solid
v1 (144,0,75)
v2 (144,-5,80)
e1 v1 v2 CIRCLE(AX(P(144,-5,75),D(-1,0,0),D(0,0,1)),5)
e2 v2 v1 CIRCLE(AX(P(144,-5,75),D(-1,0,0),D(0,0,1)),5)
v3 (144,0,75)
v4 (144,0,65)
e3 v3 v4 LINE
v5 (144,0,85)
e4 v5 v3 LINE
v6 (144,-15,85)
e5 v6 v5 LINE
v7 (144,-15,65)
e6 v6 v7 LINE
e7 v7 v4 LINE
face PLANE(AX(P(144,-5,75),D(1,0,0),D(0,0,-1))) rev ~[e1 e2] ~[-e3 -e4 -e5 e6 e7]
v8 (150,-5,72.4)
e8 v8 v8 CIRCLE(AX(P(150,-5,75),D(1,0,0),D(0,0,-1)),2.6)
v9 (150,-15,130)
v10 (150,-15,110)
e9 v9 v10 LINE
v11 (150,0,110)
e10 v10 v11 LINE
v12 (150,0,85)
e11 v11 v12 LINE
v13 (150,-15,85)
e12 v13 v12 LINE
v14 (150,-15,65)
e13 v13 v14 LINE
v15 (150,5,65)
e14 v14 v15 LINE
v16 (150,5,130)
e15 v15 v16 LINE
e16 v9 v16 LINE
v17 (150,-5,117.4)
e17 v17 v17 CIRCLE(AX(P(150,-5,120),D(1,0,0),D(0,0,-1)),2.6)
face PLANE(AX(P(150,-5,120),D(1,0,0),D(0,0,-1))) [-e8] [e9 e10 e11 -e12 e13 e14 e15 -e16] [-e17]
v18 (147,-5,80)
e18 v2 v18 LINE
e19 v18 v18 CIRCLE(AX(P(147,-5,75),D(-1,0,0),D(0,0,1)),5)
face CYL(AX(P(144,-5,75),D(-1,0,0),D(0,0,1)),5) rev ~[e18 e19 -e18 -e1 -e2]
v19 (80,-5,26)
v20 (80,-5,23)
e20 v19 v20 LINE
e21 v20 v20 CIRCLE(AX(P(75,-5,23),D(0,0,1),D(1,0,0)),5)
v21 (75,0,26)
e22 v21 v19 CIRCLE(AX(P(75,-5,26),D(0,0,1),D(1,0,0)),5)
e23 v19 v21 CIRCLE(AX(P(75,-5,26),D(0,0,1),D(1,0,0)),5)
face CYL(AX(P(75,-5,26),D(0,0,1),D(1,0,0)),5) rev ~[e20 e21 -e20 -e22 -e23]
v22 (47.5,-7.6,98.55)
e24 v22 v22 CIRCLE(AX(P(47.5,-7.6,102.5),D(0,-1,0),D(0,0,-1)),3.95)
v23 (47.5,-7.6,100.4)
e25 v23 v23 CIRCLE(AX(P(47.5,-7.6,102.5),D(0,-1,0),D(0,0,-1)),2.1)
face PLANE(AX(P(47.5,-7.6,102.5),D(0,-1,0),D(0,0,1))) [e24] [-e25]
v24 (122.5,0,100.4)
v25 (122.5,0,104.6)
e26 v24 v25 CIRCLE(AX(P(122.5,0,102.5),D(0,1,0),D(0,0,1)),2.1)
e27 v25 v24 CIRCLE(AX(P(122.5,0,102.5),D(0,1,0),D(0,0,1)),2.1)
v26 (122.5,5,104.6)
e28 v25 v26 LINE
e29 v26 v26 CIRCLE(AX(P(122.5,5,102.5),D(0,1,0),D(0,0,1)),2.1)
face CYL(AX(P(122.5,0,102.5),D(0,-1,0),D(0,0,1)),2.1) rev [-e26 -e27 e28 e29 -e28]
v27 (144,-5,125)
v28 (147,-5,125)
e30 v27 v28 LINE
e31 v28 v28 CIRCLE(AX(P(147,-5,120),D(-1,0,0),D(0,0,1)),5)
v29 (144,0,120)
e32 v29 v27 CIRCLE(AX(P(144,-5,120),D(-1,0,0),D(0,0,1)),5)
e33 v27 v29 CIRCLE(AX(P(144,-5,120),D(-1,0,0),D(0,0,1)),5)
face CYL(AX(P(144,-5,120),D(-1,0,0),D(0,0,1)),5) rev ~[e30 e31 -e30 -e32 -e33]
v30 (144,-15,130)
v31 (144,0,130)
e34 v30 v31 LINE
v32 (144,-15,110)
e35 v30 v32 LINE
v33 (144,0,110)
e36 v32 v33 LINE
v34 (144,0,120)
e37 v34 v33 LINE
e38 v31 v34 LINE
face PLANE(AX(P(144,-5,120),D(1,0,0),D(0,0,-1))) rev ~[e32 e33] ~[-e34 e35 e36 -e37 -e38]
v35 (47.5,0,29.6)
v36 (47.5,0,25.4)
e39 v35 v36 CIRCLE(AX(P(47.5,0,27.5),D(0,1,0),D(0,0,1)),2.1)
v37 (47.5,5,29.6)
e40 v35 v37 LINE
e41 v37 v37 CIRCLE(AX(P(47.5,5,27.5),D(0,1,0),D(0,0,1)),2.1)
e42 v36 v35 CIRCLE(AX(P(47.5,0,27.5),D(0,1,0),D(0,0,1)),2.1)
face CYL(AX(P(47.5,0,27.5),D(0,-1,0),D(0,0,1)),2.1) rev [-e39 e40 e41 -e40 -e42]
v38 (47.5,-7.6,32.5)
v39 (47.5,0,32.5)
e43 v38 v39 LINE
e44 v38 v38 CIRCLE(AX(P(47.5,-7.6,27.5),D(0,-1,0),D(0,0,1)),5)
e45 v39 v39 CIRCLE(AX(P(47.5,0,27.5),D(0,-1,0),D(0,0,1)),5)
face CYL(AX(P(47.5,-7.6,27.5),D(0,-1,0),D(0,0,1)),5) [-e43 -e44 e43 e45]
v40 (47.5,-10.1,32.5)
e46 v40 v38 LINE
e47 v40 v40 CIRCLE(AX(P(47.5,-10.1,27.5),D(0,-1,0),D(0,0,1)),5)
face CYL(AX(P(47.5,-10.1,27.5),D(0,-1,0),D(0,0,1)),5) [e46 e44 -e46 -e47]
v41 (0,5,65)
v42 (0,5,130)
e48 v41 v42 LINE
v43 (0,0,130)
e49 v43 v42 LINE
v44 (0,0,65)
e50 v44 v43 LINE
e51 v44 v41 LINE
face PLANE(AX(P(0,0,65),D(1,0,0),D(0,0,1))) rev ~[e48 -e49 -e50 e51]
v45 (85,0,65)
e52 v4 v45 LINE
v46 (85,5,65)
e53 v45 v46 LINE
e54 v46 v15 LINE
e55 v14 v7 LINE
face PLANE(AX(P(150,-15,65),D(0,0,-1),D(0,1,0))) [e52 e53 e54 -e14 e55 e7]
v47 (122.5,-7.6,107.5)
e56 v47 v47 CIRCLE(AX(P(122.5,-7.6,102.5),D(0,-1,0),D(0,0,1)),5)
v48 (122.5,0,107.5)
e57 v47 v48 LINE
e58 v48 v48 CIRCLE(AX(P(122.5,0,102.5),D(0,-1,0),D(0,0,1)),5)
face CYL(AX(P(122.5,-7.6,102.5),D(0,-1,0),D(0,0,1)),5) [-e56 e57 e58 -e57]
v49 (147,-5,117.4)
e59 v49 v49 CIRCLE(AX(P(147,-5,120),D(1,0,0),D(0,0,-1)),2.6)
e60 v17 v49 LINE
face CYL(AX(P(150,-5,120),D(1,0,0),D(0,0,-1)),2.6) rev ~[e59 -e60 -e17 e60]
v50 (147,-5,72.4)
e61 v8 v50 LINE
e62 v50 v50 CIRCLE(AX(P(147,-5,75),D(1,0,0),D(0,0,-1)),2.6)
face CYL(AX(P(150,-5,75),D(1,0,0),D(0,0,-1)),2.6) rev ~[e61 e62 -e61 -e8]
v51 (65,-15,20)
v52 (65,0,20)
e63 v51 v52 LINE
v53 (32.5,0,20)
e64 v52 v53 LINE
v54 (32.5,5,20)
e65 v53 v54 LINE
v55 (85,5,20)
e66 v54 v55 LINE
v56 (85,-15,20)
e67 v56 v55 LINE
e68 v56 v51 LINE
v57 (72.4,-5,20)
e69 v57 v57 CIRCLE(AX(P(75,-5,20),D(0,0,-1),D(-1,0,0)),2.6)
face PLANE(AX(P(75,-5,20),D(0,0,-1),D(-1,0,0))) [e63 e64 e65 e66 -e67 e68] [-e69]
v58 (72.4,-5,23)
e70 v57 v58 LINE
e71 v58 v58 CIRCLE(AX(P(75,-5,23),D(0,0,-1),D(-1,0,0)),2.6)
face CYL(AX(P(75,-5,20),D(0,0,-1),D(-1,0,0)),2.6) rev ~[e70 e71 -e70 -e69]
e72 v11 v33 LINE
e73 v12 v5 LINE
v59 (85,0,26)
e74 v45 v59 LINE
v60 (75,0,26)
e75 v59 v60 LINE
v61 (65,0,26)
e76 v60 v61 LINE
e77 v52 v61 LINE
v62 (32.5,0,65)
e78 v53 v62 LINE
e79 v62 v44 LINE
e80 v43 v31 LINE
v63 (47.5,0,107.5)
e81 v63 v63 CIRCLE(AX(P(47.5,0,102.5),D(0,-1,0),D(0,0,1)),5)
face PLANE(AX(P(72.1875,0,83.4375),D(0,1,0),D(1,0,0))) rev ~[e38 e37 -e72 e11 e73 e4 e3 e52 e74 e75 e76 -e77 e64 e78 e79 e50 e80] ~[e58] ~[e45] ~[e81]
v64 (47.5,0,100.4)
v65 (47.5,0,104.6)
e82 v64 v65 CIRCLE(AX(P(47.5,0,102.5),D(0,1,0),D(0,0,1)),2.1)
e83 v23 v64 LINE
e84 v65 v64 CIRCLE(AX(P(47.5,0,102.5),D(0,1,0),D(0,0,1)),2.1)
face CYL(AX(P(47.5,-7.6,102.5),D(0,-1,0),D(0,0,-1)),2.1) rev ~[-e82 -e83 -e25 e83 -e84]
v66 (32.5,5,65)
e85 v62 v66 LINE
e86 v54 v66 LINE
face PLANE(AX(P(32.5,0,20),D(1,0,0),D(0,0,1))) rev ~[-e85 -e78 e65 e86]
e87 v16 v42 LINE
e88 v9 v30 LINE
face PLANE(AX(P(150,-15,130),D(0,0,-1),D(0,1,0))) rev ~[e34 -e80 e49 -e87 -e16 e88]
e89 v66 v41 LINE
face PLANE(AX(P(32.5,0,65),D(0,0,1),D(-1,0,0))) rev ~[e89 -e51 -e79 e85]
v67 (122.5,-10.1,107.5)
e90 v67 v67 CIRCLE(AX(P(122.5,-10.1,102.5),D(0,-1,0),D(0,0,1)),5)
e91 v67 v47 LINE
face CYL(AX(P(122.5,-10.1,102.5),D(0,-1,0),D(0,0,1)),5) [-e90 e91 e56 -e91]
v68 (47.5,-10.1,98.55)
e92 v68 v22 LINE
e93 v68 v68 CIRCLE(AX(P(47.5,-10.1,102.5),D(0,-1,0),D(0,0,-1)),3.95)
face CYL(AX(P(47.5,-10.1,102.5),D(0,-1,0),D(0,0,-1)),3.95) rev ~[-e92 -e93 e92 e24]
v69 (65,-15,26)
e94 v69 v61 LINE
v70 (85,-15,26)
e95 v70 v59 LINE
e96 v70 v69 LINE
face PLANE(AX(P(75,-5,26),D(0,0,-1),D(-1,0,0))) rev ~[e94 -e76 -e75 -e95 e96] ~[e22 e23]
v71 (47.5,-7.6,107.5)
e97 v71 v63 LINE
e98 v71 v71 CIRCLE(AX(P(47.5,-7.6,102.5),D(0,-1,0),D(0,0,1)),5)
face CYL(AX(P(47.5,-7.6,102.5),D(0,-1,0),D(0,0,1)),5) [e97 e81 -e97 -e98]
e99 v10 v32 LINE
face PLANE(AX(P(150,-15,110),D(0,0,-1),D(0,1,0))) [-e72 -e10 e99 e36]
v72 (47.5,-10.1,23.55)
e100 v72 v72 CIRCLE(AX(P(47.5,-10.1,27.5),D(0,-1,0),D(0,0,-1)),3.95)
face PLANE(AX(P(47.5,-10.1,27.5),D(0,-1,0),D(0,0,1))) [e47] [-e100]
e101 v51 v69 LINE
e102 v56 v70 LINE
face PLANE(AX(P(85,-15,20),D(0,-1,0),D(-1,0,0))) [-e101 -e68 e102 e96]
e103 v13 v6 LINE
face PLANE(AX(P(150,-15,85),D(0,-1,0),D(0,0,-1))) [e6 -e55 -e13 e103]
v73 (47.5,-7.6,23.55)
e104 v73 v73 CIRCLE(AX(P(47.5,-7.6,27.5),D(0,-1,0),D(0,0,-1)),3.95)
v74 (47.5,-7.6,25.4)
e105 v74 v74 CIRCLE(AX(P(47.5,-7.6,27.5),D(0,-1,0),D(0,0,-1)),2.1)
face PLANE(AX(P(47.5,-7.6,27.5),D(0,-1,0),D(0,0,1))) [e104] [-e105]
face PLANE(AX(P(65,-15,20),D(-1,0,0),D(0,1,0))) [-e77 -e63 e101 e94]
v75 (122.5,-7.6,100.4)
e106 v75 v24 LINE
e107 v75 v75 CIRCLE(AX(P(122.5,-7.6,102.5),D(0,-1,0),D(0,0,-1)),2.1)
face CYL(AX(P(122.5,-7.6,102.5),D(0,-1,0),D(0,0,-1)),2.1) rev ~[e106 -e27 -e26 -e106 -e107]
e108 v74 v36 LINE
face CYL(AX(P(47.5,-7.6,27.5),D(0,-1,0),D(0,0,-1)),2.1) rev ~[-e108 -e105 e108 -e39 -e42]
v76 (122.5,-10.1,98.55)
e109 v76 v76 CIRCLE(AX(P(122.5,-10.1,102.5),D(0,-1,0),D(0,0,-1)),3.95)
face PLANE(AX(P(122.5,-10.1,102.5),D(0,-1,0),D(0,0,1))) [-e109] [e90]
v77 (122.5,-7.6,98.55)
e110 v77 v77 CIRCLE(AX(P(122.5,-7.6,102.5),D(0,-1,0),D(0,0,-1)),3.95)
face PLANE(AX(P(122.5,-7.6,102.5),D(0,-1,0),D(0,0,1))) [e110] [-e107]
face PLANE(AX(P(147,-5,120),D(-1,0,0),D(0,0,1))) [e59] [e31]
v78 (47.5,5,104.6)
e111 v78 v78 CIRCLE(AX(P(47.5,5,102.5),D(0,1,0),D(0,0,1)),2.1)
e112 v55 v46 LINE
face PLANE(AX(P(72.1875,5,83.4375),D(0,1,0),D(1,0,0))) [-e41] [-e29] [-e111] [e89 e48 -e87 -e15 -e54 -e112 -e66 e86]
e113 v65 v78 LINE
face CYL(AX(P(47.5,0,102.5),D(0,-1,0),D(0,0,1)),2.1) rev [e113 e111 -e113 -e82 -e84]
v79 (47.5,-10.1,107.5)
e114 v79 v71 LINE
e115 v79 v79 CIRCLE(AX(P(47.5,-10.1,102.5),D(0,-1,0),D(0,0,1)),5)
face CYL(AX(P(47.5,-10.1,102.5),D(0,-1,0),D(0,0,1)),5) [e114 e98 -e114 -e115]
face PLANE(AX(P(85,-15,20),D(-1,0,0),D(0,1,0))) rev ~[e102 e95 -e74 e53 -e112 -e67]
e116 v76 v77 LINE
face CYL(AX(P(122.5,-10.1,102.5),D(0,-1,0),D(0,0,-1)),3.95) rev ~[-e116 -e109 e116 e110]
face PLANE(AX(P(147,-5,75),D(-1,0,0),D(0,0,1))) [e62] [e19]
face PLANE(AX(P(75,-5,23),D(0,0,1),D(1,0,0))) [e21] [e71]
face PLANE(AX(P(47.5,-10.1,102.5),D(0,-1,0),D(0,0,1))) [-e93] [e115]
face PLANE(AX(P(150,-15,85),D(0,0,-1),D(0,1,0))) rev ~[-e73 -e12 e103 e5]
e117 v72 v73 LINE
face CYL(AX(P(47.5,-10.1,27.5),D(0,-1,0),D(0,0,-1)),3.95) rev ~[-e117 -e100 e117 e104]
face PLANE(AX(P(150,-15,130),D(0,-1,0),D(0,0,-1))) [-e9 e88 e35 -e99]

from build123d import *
from build123d.topology import SkipClean

# Parameters (mm, degrees)
SKETCH_1_R          = 2.1
EXTRUDE_1_DEPTH     = 5
SKETCH_2_W          = 20
SKETCH_2_H          = 20
SKETCH_2_R          = 2.6
EXTRUDE_2_DEPTH     = 6
SKETCH_3_R          = 5
CUT_EXTRUDE_1_DEPTH = 3
SKETCH_5_W          = 20
SKETCH_5_H          = 20
SKETCH_5_R          = 2.6
EXTRUDE_3_DEPTH     = 6
SKETCH_6_R          = 5
CUT_EXTRUDE_2_DEPTH = 3
SKETCH_7_W          = 20
SKETCH_7_H          = 20
SKETCH_7_R          = 2.6
EXTRUDE_4_DEPTH     = 6
SKETCH_8_R          = 5
CUT_EXTRUDE_3_DEPTH = 3
EXTRUDE_START       = 7.6
SKETCH_9_R          = 5
SKETCH_9_R_2        = 2.1
EXTRUDE_5_DEPTH     = 7.6
EXTRUDE_START_2     = 2.5
SKETCH_10_R         = 5
SKETCH_10_R_2       = 3.95
EXTRUDE_6_DEPTH     = 2.5


with BuildPart() as part:
    # 草图1 → 凸台-拉伸1 (new body)
    with BuildSketch(Plane(origin=(0, 0, 0), x_dir=(1, 0, 0), z_dir=(0, 1, 0))):
        Polygon((0, -65), (0, -130), (150, -130), (150, -65), (85, -65), (85, -20), (32.5, -20), (32.5, -65), align=None)
        with Locations(Location((47.5, -27.5, 0), (0, 0, 270))):
            Circle(SKETCH_1_R, mode=Mode.SUBTRACT)
        with Locations(Location((47.5, -102.5, 0), (0, 0, 270))):
            Circle(SKETCH_1_R, mode=Mode.SUBTRACT)
        with Locations(Location((122.5, -102.5, 0), (0, 0, 270))):
            Circle(SKETCH_1_R, mode=Mode.SUBTRACT)
    extrude(amount=EXTRUDE_1_DEPTH)

    # 草图2 → 凸台-拉伸2 (add)
    with BuildSketch(Plane(origin=(150, 0, 0), x_dir=(0, 0, -1), z_dir=(1, 0, 0))):
        with Locations((-75, -5)):
            Rectangle(SKETCH_2_W, SKETCH_2_H)
        with Locations((-75, -5)):
            Circle(SKETCH_2_R, mode=Mode.SUBTRACT)
    extrude(amount=-EXTRUDE_2_DEPTH)

    # 草图3 → 切除-拉伸1 (cut)
    with BuildSketch(Plane.ZY.offset(-144)):
        with Locations((75, -5)):
            Circle(SKETCH_3_R)
    extrude(amount=-CUT_EXTRUDE_1_DEPTH, mode=Mode.SUBTRACT)

    # 草图5 → 凸台-拉伸3 (add)
    with BuildSketch(Plane(origin=(0, 0, 20), x_dir=(-1, 0, 0), z_dir=(0, 0, -1))):
        with Locations((-75, -5)):
            Rectangle(SKETCH_5_W, SKETCH_5_H)
        with Locations((-75, -5)):
            Circle(SKETCH_5_R, mode=Mode.SUBTRACT)
    extrude(amount=-EXTRUDE_3_DEPTH)

    # 草图6 → 切除-拉伸2 (cut)
    with BuildSketch(Plane.XY.offset(26)):
        with Locations((75, -5)):
            Circle(SKETCH_6_R)
    extrude(amount=-CUT_EXTRUDE_2_DEPTH, mode=Mode.SUBTRACT)

    # 草图7 → 凸台-拉伸4 (add)
    with BuildSketch(Plane(origin=(150, 0, 0), x_dir=(0, 0, -1), z_dir=(1, 0, 0))):
        with Locations((-120, -5)):
            Rectangle(SKETCH_7_W, SKETCH_7_H)
        with Locations((-120, -5)):
            Circle(SKETCH_7_R, mode=Mode.SUBTRACT)
    extrude(amount=-EXTRUDE_4_DEPTH)

    # 草图8 → 切除-拉伸3 (cut)
    with BuildSketch(Plane.ZY.offset(-144)):
        with Locations((120, -5)):
            Circle(SKETCH_8_R)
    extrude(amount=-CUT_EXTRUDE_3_DEPTH, mode=Mode.SUBTRACT)

    # 草图9 → 凸台-拉伸5 (add)
    # profile 1 of 3: a face of its own
    with SkipClean():  # the faces are left unmerged after this step: merging them gives an invalid solid
        with BuildSketch(Plane.XZ.offset(EXTRUDE_START)):
            with Locations(Location((47.5, 102.5, 0), (0, 0, 90))):
                Circle(SKETCH_9_R)
            with Locations(Location((47.5, 102.5, 0), (0, 0, 270))):
                Circle(SKETCH_9_R_2, mode=Mode.SUBTRACT)
        # profile 2 of 3: a face of its own
        with BuildSketch(Plane.XZ.offset(EXTRUDE_START)):
            with Locations(Location((122.5, 102.5, 0), (0, 0, 90))):
                Circle(SKETCH_9_R)
            with Locations(Location((122.5, 102.5, 0), (0, 0, 270))):
                Circle(SKETCH_9_R_2, mode=Mode.SUBTRACT)
        # profile 3 of 3: a face of its own
        with BuildSketch(Plane.XZ.offset(EXTRUDE_START)):
            with Locations(Location((47.5, 27.5, 0), (0, 0, 90))):
                Circle(SKETCH_9_R)
            with Locations(Location((47.5, 27.5, 0), (0, 0, 270))):
                Circle(SKETCH_9_R_2, mode=Mode.SUBTRACT)
        extrude(amount=-EXTRUDE_5_DEPTH)

    # 草图10 → 凸台-拉伸6 (add)
    # profile 1 of 3: a face of its own
    with SkipClean():  # the faces are left unmerged after this step: merging them gives an invalid solid
        with BuildSketch(Plane.XZ.offset(7.6).offset(EXTRUDE_START_2)):
            with Locations(Location((47.5, 102.5, 0), (0, 0, 90))):
                Circle(SKETCH_10_R)
            with Locations(Location((47.5, 102.5, 0), (0, 0, 270))):
                Circle(SKETCH_10_R_2, mode=Mode.SUBTRACT)
        # profile 2 of 3: a face of its own
        with BuildSketch(Plane.XZ.offset(7.6).offset(EXTRUDE_START_2)):
            with Locations(Location((47.5, 27.5, 0), (0, 0, 90))):
                Circle(SKETCH_10_R)
            with Locations(Location((47.5, 27.5, 0), (0, 0, 270))):
                Circle(SKETCH_10_R_2, mode=Mode.SUBTRACT)
        # profile 3 of 3: a face of its own
        with BuildSketch(Plane.XZ.offset(7.6).offset(EXTRUDE_START_2)):
            with Locations(Location((122.5, 102.5, 0), (0, 0, 90))):
                Circle(SKETCH_10_R)
            with Locations(Location((122.5, 102.5, 0), (0, 0, 270))):
                Circle(SKETCH_10_R_2, mode=Mode.SUBTRACT)
        extrude(amount=-EXTRUDE_6_DEPTH)


solid = part.part
